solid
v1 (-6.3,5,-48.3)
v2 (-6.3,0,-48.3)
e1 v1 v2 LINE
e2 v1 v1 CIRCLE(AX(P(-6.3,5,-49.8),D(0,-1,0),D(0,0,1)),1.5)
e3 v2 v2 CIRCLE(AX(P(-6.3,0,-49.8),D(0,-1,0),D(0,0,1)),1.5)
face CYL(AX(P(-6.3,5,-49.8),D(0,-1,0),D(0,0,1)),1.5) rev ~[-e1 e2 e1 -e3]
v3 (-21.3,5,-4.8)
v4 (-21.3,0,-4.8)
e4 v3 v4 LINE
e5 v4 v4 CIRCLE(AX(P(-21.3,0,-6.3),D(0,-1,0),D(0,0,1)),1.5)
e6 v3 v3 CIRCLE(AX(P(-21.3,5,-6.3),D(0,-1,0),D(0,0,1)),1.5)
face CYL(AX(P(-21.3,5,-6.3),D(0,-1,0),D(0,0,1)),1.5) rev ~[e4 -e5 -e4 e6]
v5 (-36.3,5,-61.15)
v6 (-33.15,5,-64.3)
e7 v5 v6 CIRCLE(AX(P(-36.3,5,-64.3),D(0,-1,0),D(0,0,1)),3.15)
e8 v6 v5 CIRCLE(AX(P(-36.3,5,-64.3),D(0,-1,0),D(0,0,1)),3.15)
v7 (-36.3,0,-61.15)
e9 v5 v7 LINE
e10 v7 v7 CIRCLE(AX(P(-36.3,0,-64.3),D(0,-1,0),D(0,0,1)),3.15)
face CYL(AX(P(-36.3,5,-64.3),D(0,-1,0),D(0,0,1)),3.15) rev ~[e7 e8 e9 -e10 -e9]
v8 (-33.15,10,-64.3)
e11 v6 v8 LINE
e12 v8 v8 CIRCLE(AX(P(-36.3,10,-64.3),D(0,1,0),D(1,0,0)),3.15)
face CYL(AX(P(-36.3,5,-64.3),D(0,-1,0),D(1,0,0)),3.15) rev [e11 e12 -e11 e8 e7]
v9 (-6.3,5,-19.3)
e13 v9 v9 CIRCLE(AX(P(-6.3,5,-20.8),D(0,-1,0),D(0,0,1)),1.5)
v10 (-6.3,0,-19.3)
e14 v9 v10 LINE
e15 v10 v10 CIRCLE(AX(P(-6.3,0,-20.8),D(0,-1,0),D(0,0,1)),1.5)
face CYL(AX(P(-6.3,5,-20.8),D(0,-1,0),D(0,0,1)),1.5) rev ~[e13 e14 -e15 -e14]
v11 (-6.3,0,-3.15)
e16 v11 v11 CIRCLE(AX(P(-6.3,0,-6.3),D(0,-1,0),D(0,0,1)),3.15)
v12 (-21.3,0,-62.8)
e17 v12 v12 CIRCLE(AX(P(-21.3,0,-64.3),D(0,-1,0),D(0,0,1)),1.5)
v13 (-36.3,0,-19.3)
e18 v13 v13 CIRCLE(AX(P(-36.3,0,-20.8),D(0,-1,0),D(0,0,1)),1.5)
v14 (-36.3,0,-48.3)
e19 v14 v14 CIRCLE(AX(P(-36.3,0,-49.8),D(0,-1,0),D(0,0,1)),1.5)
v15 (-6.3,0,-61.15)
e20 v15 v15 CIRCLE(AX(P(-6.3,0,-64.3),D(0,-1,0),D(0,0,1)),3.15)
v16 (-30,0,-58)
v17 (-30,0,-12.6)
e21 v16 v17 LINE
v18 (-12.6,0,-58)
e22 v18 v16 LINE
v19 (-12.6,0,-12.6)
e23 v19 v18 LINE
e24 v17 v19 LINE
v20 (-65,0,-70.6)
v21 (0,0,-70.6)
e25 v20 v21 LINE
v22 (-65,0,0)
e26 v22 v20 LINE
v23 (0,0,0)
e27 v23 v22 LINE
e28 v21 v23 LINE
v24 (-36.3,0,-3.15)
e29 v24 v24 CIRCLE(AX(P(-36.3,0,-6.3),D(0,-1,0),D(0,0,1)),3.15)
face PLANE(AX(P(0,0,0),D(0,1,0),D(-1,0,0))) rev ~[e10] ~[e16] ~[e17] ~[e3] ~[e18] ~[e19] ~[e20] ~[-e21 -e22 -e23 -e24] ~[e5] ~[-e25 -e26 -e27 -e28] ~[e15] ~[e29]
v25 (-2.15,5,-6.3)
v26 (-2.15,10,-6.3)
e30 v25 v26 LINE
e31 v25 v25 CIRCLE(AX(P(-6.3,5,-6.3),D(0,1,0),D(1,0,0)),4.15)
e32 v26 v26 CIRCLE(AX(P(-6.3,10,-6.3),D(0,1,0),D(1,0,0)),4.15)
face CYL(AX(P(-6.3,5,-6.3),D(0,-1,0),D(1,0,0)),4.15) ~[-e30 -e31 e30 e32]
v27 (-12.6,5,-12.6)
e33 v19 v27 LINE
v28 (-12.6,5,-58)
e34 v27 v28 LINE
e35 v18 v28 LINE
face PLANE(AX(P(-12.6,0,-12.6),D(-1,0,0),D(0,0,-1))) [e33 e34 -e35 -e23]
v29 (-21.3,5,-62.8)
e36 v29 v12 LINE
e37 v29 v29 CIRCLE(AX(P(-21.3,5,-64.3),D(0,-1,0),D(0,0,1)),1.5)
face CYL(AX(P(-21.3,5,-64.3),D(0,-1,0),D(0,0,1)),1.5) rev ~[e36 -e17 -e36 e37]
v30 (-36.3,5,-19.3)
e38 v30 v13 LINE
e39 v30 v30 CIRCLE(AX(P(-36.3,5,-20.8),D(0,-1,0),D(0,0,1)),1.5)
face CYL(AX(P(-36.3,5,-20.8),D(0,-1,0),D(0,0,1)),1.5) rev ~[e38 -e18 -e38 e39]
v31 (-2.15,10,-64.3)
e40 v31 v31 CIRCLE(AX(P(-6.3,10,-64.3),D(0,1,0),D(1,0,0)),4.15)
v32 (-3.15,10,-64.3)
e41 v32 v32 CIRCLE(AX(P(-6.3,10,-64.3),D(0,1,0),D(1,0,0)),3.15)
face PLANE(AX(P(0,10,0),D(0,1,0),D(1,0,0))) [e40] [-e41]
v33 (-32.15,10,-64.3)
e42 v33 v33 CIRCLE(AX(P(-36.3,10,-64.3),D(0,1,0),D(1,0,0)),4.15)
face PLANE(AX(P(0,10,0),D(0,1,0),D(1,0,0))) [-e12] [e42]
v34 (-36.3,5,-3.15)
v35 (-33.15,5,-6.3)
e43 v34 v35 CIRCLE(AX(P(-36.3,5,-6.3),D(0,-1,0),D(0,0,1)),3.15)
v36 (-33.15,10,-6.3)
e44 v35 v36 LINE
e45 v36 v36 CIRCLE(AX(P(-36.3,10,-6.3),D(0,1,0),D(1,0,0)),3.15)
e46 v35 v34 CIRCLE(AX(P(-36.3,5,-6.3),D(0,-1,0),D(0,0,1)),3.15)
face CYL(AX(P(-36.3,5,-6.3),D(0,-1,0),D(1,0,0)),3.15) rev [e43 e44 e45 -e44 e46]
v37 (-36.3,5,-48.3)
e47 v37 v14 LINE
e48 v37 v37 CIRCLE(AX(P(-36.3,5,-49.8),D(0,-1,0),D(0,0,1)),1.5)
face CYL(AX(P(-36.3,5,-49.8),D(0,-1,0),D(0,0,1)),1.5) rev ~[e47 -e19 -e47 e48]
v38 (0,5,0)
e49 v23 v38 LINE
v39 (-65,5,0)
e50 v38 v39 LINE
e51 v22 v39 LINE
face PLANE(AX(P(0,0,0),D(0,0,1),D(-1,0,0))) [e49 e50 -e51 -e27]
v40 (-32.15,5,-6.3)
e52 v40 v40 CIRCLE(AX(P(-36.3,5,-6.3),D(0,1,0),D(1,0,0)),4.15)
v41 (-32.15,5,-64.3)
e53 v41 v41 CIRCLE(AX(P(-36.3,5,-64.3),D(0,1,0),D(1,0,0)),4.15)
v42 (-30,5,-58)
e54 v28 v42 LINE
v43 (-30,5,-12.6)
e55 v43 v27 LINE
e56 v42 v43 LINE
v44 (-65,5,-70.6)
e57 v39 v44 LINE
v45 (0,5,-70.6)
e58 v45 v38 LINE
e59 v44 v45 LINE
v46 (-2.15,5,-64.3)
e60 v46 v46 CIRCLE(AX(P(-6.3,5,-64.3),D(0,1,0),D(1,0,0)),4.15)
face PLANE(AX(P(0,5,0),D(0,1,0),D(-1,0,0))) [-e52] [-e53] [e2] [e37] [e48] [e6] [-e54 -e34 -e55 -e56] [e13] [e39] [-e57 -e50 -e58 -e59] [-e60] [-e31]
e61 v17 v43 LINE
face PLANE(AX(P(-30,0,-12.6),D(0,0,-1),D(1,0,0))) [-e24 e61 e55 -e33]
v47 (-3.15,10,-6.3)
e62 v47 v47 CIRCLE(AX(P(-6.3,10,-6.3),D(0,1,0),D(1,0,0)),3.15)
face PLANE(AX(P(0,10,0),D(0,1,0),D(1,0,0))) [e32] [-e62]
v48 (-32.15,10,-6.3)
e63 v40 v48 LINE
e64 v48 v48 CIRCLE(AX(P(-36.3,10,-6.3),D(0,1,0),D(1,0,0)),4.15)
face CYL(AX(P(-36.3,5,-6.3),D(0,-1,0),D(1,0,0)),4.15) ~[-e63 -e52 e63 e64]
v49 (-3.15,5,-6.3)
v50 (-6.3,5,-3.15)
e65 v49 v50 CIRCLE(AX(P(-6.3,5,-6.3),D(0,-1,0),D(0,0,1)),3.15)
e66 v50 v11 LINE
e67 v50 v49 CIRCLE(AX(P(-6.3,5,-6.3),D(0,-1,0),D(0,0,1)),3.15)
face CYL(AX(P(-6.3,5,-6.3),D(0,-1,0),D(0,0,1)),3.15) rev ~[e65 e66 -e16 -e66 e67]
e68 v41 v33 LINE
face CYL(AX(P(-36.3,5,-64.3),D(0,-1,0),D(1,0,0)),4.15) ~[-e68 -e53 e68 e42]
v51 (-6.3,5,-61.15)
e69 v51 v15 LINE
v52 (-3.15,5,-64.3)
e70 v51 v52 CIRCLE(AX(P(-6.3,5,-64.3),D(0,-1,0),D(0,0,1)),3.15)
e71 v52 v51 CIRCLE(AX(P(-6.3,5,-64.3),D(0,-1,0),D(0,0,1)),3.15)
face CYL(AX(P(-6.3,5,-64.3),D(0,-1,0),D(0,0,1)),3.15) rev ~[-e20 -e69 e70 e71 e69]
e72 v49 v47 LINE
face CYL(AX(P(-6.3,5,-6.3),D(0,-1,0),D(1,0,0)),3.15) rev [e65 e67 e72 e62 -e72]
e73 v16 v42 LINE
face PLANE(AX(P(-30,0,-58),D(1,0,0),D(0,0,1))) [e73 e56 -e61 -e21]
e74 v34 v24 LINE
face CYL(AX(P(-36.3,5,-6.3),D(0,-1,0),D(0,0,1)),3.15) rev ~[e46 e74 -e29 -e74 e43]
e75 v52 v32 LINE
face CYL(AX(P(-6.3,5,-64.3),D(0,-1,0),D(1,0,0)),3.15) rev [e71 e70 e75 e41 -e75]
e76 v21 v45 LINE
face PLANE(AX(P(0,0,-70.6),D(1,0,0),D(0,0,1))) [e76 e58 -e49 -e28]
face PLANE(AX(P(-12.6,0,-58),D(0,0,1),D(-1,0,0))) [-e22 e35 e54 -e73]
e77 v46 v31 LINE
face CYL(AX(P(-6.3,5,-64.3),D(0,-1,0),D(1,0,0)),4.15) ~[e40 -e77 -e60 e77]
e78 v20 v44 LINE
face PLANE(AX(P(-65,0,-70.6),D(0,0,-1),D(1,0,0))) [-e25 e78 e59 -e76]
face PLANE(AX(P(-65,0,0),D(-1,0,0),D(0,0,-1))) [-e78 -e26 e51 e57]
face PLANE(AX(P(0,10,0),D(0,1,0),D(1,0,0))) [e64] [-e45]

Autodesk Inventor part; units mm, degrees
ref_plane "YZ Plane" through (0, 0, 0) normal (1, 0, 0) x (0, 1, 0)
ref_plane "XZ Plane" through (0, 0, 0) normal (0, 1, 0) x (-1, 0, 0)
ref_plane "XY Plane" through (0, 0, 0) normal (0, 0, 1) x (1, 0, 0)
sketch "Sketch1" plane through (0, 0, 0) normal (0, 1, 0) x (-1, 0, 0)
  line L0 (0, 0) -> (65, 0)
  line L1 (65, 0) -> (65, -70.6)
  line L2 (65, -70.6) -> (0, -70.6)
  line L3 (0, -70.6) -> (0, 0)
  line L4 (30, -12.6) -> (12.6, -12.6)
  line L5 (12.6, -12.6) -> (12.6, -58)
  line L6 (12.6, -58) -> (30, -58)
  line L7 (30, -58) -> (30, -12.6)
  dimension "d0" = 70.6
  dimension "d1" = 65
  dimension "d2" = 45.4
  dimension "d3" = 17.4
  dimension "d4" = 12.6
  dimension "d5" = 12.6
extrude "Extrusion1" add sketch "Sketch1" along normal blind 5
sketch "Sketch2" plane through (0, 5, 0) normal (0, 1, 0) x (1, 0, 0)
  line L0 (-12.6, 58) -> (-12.6, 12.6) construction
  line L1 (-12.6, 12.6) -> (0, 12.6) construction
  line L2 (0, 0) -> (0, 70.6) construction
  line L3 (-6.3, 6.3) -> (-6.3, 12.6) construction
  line L4 (-12.6, 12.6) -> (-30, 12.6) construction
  line L5 (-12.6, 12.6) -> (-12.6, 0) construction
  line L6 (-65, 0) -> (0, 0) construction
  line L7 (-6.3, 6.3) -> (-12.6, 6.3) construction
  line L8 (-6.3, 6.3) -> (-36.3, 6.3) construction
  line L9 (-36.3, 6.3) -> (-36.3, 64.3) construction
  line L10 (-36.3, 64.3) -> (-6.3, 64.3) construction
  line L11 (-6.3, 64.3) -> (-6.3, 6.3) construction
  line L12 (-6.3, 64.3) -> (-6.3, 70.6) construction
  line L13 (0, 70.6) -> (-65, 70.6) construction
  line L14 (-36.3, 35.3) -> (-30, 35.3) construction
  line L15 (-30, 12.6) -> (-30, 58) construction
hole "Hole1" at (-36.3, 5, -6.3) at (-6.3, 5, -6.3) at (-36.3, 5, -64.3) at (-6.3, 5, -64.3) direction (0, -1, 0) diameter 6.3 depth 5
sketch "Sketch3" plane through (0, 5, 0) normal (0, 1, 0) x (1, 0, 0)
  circle A0 centre (-6.3, 6.3) radius 3.15 projected
  circle A1 centre (-6.3, 6.3) radius 4.15
  circle A2 centre (-36.3, 6.3) radius 3.15 projected
  circle A3 centre (-36.3, 6.3) radius 4.15
  circle A4 centre (-36.3, 64.3) radius 3.15 projected
  circle A5 centre (-36.3, 64.3) radius 4.15
  circle A6 centre (-6.3, 64.3) radius 3.15 projected
  circle A7 centre (-6.3, 64.3) radius 4.15
  point P0 (0, 0)
  dimension "d15" = 1
extrude "Extrusion2" add sketch "Sketch3" along normal blind 5
sketch "Sketch4" plane through (0, 5, 0) normal (0, 1, 0) x (1, 0, 0)
  circle A0 centre (-36.3, 6.3) radius 4.15 construction
  circle A1 centre (-36.3, 64.3) radius 3.15 construction
  line L0 (-36.3, 6.3) -> (-36.3, 64.3) construction
  line L1 (-36.3, 64.3) -> (-6.3, 64.3) construction
  circle A2 centre (-6.3, 6.3) radius 3.15 construction
  line L2 (-36.3, 6.3) -> (-6.3, 6.3) construction
  circle A3 centre (-6.3, 64.3) radius 3.15 construction
  line L3 (-6.3, 6.3) -> (-6.3, 64.3) construction
  line L4 (-36.3, 35.3) -> (-6.3, 35.3) construction
  line L5 (-36.3, 20.8) -> (-6.3, 20.8) construction
  line L6 (-36.3, 49.8) -> (-6.3, 49.8) construction
  point P0 (0, 0)
  point P1 (-21.3, 64.3)
  point P2 (-21.3, 6.3)
  dimension "d18" = 14.5
hole "Hole2" at (-36.3, 5, -20.8) at (-36.3, 5, -49.8) at (-6.3, 5, -20.8) at (-6.3, 5, -49.8) at (-21.3, 5, -64.3) at (-21.3, 5, -6.3) direction (0, -1, 0) diameter 3 depth 5
equation "\"d0\" = carriage_mount_width"
equation "\"d1\" = carriage_mount_length"
equation "\"d2\" = carriage_mount_cutout_length"
equation "\"d3\" = carriage_mount_cutout_width"
equation "\"d4\" = 0.5 * carriage_mount_width - 0.5 * carriage_mount_cutout_length"
equation "\"d5\" = 0.5 * carriage_mount_width - 0.5 * carriage_mount_cutout_length"
equation "\"d6\" = carriage_mount_thickness"
equation "\"d8\" = rod_diameter + rod_tolerance"
equation "\"d15\" = carriage_mount_wall_thickness"
equation "\"d16\" = carriage_mount_thickness"
equation "\"d18\" = 0.125 * carriage_mount_cutout_length + 0.125 * carriage_mount_width"
equation "\"d19\" = screw_diameter"
equation "\"carriage_mount_length\" = 65"
equation "\"carriage_mount_width\" = 70.6"
equation "\"carriage_mount_cutout_length\" = 45.4"
equation "\"carriage_mount_cutout_width\" = 17.4"
equation "\"screw_diameter\" = 3"
equation "\"rod_diameter\" = 6"
equation "\"rod_tolerance\" = 0.3"
equation "\"carriage_mount_wall_thickness\" = 1"
equation "\"carriage_mount_thickness\" = 5"
properties part number "carriage_mount"
